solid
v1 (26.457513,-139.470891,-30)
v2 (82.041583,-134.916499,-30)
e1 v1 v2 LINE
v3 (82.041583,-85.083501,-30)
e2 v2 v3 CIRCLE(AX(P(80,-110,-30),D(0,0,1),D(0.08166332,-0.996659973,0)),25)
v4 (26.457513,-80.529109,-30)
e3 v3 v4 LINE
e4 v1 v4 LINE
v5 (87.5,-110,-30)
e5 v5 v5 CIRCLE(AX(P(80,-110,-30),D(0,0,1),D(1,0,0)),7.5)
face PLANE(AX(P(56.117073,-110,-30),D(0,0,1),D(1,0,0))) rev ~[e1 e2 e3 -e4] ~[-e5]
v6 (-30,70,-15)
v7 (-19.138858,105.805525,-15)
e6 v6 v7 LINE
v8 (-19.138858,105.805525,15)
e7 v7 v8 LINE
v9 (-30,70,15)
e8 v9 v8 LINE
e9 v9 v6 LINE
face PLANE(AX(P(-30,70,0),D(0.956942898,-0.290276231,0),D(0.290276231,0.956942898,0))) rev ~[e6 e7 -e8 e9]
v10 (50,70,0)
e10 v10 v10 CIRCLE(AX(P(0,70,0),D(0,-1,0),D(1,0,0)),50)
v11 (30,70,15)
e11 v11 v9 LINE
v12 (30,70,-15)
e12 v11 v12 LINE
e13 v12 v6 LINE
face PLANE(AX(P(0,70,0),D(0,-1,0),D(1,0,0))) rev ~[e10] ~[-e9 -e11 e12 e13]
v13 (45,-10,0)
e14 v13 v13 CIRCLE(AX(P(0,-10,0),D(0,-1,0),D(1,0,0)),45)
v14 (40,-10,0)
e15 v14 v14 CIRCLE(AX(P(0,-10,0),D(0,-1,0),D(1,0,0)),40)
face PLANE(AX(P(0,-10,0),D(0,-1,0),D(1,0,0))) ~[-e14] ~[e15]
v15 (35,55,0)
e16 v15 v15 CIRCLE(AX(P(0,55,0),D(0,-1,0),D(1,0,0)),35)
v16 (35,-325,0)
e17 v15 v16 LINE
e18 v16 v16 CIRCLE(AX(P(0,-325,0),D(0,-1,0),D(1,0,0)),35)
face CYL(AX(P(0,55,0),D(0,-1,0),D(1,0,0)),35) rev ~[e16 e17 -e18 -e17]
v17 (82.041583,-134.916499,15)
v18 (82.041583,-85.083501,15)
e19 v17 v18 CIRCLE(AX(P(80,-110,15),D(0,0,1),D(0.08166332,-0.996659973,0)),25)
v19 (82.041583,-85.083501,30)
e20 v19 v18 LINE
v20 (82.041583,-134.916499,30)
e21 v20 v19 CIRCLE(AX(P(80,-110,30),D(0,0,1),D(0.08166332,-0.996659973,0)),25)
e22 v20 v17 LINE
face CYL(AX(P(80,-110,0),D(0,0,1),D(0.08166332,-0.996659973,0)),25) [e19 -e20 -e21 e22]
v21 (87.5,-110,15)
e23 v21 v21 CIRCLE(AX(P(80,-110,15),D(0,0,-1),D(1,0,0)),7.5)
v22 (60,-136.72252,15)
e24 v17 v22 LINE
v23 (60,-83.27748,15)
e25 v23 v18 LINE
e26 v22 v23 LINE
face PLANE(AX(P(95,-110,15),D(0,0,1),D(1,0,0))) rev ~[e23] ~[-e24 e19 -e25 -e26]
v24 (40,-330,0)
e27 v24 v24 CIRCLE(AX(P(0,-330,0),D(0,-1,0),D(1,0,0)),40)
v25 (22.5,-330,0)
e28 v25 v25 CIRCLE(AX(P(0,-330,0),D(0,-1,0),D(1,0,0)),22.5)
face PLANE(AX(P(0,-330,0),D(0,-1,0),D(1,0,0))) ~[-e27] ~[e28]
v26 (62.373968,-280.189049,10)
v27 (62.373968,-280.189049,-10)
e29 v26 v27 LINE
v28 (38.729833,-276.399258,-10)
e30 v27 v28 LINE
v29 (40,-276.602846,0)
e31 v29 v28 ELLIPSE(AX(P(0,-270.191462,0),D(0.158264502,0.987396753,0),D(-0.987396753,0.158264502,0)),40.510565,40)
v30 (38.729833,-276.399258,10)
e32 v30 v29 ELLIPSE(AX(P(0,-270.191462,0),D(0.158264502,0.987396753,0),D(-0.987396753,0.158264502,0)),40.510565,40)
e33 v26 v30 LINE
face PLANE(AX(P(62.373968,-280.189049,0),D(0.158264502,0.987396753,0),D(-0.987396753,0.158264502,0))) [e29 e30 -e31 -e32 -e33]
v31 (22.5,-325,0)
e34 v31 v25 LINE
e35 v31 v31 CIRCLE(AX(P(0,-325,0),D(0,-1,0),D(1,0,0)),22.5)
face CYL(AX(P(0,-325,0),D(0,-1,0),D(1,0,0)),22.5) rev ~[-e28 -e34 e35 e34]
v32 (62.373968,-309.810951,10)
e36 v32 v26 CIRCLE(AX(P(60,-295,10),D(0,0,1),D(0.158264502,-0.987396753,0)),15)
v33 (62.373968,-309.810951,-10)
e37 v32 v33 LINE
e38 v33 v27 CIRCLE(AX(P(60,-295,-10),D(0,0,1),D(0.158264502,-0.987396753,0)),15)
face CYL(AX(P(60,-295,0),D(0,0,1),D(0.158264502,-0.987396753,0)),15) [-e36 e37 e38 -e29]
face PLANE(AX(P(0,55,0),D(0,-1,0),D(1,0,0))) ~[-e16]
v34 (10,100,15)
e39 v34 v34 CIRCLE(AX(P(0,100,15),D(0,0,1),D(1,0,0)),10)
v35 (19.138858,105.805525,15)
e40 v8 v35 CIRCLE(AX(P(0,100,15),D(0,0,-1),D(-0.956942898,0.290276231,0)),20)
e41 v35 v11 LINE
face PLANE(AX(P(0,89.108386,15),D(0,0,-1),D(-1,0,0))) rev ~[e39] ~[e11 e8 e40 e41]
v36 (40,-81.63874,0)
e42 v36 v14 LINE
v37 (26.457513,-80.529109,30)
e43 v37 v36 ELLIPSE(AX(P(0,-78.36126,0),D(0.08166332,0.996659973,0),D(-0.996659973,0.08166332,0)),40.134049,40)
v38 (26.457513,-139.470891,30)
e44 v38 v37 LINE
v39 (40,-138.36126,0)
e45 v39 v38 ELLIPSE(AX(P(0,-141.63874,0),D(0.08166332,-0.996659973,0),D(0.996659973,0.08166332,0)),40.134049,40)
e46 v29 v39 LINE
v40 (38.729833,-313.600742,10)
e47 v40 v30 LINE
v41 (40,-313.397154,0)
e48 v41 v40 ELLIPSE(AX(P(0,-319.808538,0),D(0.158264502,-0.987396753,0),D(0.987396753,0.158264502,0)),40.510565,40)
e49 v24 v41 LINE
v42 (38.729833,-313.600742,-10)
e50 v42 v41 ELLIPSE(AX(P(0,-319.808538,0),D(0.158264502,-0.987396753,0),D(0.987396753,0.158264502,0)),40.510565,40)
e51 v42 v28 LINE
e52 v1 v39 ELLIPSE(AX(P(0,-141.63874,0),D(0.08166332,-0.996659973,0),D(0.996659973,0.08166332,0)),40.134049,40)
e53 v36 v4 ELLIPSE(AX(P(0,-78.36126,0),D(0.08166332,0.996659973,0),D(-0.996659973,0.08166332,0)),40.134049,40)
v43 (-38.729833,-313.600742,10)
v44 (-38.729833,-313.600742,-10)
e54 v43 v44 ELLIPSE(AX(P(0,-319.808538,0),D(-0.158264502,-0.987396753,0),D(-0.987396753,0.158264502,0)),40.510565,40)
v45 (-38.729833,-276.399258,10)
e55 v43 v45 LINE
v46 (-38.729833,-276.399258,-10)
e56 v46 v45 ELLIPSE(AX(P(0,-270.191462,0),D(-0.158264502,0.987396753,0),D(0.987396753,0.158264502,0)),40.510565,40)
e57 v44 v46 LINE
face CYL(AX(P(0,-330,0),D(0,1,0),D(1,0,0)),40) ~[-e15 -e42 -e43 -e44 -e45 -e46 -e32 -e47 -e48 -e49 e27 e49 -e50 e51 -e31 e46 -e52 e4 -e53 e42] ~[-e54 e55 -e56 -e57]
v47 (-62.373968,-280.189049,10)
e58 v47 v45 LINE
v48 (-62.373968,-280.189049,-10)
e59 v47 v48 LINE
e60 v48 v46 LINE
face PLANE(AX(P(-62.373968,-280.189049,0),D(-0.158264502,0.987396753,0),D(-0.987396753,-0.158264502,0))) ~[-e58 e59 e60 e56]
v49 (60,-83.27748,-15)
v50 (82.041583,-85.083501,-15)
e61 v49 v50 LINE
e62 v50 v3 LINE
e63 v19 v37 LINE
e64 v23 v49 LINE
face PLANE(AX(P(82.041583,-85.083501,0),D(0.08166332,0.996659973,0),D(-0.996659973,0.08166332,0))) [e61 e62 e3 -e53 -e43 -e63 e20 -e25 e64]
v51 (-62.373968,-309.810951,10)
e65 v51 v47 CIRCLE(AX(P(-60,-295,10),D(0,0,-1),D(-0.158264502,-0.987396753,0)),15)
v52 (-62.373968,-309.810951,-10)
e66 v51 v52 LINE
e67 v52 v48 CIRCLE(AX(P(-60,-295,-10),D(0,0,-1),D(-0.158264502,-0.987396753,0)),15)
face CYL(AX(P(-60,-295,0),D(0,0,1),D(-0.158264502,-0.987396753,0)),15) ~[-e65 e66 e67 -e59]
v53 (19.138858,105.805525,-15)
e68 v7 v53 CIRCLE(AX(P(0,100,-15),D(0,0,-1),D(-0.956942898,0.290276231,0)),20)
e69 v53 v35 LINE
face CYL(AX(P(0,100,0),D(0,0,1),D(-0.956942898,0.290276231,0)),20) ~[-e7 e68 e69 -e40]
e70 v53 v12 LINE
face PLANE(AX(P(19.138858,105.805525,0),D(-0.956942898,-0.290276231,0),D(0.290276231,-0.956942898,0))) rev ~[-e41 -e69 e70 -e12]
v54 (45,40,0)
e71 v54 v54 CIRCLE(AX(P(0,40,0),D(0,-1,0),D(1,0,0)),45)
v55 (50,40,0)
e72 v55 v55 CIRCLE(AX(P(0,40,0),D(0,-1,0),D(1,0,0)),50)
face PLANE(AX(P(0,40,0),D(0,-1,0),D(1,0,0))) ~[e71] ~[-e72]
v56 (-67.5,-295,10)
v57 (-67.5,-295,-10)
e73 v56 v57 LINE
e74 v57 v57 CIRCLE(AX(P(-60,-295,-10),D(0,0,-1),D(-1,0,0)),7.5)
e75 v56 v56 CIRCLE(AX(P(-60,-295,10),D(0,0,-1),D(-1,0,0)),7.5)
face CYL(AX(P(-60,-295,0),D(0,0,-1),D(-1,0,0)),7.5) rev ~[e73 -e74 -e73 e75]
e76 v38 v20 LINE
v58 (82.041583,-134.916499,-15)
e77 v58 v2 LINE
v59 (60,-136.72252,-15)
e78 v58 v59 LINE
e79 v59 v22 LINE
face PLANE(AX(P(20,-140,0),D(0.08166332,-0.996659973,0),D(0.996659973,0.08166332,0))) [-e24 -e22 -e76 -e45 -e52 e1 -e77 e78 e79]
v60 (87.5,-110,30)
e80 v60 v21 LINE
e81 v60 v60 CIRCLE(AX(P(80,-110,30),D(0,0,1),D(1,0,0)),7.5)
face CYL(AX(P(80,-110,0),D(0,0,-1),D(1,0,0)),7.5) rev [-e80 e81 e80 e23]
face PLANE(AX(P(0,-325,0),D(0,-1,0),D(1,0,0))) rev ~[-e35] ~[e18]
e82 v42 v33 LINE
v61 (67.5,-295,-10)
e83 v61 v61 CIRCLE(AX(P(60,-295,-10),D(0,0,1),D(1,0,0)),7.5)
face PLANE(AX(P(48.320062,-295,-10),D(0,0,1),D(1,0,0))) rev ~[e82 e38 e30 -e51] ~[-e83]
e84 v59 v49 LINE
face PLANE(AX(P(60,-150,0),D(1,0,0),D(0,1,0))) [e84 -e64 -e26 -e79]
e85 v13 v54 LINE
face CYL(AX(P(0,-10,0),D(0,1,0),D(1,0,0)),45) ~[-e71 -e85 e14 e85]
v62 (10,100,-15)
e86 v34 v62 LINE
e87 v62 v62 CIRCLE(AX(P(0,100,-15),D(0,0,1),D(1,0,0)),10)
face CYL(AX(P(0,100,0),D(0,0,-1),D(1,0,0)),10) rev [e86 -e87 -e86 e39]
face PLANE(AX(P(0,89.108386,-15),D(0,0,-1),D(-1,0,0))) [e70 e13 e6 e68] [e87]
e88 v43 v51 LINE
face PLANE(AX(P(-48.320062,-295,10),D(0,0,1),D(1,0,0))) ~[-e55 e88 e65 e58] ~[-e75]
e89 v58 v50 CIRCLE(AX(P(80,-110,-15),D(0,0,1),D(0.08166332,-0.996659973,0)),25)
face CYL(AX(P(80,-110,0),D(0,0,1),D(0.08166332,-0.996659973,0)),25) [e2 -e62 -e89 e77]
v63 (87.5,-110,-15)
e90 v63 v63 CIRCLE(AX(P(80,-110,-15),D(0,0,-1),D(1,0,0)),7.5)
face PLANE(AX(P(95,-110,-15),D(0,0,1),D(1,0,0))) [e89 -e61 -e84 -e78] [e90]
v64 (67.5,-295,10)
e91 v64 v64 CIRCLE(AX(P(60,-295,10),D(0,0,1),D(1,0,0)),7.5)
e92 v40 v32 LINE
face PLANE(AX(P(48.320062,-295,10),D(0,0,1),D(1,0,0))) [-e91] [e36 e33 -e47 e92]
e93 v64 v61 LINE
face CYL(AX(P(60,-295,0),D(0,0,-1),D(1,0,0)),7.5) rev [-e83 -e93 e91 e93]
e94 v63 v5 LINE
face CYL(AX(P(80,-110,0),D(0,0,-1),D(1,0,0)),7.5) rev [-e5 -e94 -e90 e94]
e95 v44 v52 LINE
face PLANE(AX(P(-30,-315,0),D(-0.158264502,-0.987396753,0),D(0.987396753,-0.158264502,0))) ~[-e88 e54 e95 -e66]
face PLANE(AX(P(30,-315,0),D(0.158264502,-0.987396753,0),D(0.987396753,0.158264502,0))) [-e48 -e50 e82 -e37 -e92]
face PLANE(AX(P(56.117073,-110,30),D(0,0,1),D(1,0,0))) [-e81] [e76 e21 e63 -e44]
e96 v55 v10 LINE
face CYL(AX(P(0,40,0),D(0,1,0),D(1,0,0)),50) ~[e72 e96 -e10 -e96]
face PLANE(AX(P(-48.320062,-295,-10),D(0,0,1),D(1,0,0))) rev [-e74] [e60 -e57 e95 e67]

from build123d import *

# Parameters (mm, degrees)
SKETCH2_R           = 10
BOSS_EXTRUDE1_DEPTH = 15
SKETCH3_R           = 7.5
BOSS_EXTRUDE2_DEPTH = 10
SKETCH8_R           = 7.5
BOSS_EXTRUDE3_DEPTH = 30
SKETCH4_W           = 35
SKETCH4_H           = 315
SKETCH9_W           = 70
SKETCH9_H           = 80
CUT_EXTRUDE1_DEPTH  = 15


with BuildPart() as part:
    # Sketch1 → Base-Revolve (revolve)
    with BuildSketch(Plane.XY):
        Polygon((22.5, -330), (40, -330), (40, -10), (45, -10), (45, 40), (50, 40), (50, 70), (0, 70), (0, 55), (35, 55), (35, -325), (22.5, -325), align=None)
    revolve(axis=Axis((0, 100, 0), (0, -1, 0)))

    # Sketch2 → Boss-Extrude1 (add, symmetric)
    with BuildSketch(Plane.XY):
        with BuildLine():
            Line((19.138857956, 105.805524623), (30, 70))
            Line((30, 70), (-30, 70))
            Line((-30, 70), (-19.138857956, 105.805524623))
            ThreePointArc((-19.138857956, 105.805524623), (0, 120), (19.138857956, 105.805524623))
        make_face()
        with Locations((0, 100)):
            Circle(SKETCH2_R, mode=Mode.SUBTRACT)
    extrude(amount=BOSS_EXTRUDE1_DEPTH, both=True)

    # Sketch3 → Boss-Extrude2 (add, symmetric)
    with BuildSketch(Plane.XY):
        with BuildLine():
            Line((62.373967528, -280.189048708), (30, -275))
            Line((30, -275), (30, -315))
            Line((30, -315), (62.373967528, -309.810951292))
            ThreePointArc((62.373967528, -309.810951292), (75, -295), (62.373967528, -280.189048708))
        make_face()
        with Locations((60, -295)):
            Circle(SKETCH3_R, mode=Mode.SUBTRACT)
    boss_extrude2 = extrude(amount=BOSS_EXTRUDE2_DEPTH, both=True)

    # Mirror1: Boss-Extrude2 across plane
    add(boss_extrude2.mirror(Plane(origin=(0, 0, 0), x_dir=(0, 0, 1), z_dir=(1, 0, 0))))

    # Sketch8 → Boss-Extrude3 (add, symmetric)
    with BuildSketch(Plane.XY):
        with BuildLine():
            Line((82.041582998, -85.08350067), (20, -80))
            Line((20, -80), (20, -140))
            Line((20, -140), (82.041582998, -134.91649933))
            ThreePointArc((82.041582998, -134.91649933), (105, -110), (82.041582998, -85.08350067))
        make_face()
        with Locations((80, -110)):
            Circle(SKETCH8_R, mode=Mode.SUBTRACT)
    extrude(amount=BOSS_EXTRUDE3_DEPTH, both=True)

    # Sketch4 → Cut-Revolve1 (revolve, cut)
    with BuildSketch(Plane.XY):
        with Locations((17.5, -167.5)):
            Rectangle(SKETCH4_W, SKETCH4_H)
    revolve(axis=Axis((0, 0, 0), (0, -1, 0)), mode=Mode.SUBTRACT)

    # Sketch9 → Cut-Extrude1 (cut, symmetric)
    with BuildSketch(Plane.XY):
        with Locations((95, -110)):
            Rectangle(SKETCH9_W, SKETCH9_H)
    extrude(amount=CUT_EXTRUDE1_DEPTH, both=True, mode=Mode.SUBTRACT)


solid = part.part
